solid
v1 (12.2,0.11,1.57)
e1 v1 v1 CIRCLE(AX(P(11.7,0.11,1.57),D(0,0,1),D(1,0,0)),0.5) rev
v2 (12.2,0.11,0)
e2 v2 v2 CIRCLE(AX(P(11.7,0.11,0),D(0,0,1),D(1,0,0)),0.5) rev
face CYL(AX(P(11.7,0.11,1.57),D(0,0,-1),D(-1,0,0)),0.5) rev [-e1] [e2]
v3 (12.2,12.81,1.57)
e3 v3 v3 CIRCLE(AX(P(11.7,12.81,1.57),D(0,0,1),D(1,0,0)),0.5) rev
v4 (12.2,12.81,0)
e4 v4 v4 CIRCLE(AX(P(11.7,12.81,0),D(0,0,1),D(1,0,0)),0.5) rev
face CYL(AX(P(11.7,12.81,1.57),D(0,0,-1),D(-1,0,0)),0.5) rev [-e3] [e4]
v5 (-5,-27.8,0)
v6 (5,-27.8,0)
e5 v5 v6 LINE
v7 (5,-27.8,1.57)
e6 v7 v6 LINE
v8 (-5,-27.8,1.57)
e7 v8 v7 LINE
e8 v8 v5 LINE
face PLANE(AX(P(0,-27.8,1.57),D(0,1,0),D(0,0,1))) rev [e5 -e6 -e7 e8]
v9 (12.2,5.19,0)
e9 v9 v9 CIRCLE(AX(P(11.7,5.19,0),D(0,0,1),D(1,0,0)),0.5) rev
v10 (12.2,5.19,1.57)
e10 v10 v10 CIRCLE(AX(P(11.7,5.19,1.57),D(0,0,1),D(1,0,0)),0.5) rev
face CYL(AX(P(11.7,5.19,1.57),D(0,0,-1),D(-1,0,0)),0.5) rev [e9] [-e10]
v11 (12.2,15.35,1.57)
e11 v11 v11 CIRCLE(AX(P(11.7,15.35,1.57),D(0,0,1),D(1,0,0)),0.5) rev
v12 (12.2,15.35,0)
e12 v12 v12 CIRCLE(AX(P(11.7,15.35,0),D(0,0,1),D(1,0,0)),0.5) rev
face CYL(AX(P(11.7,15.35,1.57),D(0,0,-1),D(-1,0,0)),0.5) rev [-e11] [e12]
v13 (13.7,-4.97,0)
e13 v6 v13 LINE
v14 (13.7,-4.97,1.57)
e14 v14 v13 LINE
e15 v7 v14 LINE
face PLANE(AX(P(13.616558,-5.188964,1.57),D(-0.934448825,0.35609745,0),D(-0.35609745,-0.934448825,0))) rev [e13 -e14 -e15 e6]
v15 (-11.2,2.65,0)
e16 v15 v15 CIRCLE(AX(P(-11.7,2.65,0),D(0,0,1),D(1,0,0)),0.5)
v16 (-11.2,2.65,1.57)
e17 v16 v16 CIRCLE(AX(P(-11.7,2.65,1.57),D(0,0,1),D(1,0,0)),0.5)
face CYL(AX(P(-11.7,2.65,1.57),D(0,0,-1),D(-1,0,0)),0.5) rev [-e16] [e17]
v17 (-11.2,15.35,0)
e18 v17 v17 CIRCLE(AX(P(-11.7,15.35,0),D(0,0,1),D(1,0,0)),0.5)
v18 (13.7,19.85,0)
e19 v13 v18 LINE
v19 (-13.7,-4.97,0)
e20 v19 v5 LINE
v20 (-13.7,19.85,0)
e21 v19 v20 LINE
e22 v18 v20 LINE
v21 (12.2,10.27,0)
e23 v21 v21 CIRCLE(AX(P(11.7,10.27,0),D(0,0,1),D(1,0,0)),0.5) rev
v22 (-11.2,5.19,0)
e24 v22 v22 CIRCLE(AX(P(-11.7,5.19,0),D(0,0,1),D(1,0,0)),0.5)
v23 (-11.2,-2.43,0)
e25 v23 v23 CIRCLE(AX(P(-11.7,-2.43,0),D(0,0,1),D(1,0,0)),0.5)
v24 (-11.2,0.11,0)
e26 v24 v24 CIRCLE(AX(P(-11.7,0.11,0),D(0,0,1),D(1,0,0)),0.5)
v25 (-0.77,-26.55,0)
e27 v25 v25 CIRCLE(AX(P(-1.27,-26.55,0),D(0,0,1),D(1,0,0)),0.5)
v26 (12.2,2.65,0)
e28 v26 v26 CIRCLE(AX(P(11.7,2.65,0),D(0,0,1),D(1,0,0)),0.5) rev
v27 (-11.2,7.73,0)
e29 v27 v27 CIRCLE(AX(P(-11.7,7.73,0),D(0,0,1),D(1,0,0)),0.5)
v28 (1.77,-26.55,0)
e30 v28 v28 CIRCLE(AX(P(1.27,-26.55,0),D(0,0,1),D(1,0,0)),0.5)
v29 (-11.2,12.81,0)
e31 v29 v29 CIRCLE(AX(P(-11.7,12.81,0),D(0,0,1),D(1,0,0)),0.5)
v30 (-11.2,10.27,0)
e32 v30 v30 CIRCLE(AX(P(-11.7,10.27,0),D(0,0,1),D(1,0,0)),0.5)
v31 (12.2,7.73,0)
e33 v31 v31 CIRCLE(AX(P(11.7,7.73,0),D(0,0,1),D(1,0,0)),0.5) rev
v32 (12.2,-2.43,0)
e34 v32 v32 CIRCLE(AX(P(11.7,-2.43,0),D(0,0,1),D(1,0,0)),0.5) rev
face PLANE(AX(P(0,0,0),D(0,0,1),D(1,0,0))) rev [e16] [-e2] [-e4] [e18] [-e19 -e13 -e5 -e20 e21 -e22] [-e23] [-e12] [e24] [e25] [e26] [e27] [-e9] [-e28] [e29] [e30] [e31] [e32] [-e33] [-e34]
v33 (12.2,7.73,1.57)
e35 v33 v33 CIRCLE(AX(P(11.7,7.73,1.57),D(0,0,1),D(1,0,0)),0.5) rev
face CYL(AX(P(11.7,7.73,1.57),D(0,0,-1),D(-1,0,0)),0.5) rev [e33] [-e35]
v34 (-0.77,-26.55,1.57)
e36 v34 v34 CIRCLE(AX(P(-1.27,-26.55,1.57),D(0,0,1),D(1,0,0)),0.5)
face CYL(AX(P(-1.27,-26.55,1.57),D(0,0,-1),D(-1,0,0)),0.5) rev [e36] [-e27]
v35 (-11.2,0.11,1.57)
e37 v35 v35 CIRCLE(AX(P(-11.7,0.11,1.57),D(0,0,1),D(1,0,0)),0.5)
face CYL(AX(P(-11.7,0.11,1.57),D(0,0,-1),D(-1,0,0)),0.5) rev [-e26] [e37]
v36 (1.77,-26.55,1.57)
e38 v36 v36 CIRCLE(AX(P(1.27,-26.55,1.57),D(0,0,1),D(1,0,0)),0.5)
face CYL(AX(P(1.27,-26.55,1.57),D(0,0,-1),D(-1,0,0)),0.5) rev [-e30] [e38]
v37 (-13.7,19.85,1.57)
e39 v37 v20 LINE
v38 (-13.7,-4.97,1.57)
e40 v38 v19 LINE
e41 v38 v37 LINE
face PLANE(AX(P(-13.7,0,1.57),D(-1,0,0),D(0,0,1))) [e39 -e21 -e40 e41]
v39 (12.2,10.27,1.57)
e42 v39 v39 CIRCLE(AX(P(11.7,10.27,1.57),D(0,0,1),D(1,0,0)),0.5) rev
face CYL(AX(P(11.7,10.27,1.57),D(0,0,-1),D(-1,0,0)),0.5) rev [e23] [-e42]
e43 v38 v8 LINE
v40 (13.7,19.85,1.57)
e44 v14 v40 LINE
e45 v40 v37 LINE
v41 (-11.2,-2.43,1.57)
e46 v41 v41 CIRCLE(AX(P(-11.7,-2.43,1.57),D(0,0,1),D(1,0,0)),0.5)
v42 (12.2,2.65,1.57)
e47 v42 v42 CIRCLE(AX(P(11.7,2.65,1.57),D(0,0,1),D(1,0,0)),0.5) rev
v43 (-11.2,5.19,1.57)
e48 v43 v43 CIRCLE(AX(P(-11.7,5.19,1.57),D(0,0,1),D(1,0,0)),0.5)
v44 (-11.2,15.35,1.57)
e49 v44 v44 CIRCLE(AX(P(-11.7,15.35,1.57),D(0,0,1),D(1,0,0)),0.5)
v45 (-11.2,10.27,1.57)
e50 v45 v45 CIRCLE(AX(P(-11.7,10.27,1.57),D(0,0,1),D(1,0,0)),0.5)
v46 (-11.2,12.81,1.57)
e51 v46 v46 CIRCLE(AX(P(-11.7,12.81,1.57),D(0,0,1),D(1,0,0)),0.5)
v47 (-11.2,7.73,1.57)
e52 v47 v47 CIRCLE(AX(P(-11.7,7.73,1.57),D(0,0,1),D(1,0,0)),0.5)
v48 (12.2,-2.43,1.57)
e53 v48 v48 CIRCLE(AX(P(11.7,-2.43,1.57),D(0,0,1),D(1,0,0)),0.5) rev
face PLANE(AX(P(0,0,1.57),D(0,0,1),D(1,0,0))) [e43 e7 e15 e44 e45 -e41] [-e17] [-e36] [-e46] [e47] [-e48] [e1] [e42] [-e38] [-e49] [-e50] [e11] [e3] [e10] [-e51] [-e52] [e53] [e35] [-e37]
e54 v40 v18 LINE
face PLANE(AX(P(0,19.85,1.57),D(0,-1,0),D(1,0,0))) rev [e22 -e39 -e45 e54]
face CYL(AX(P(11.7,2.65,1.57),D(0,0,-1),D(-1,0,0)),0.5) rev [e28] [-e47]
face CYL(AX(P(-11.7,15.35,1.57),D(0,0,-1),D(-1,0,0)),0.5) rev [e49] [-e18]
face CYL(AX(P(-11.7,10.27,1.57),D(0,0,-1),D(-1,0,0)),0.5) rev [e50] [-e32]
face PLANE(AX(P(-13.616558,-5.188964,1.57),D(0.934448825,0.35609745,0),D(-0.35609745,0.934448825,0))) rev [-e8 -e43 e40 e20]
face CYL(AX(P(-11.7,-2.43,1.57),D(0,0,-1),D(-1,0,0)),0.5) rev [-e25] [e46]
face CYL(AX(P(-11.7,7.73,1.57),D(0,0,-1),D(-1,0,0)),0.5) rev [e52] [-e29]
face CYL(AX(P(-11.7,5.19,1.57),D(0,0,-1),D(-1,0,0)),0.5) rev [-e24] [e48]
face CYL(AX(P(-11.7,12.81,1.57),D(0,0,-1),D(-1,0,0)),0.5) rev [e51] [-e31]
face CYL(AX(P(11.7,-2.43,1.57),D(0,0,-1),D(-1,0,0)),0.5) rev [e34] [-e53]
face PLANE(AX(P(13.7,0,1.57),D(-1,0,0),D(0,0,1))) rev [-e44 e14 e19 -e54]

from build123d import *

# Parameters (mm, degrees)
SKETCH1_R           = 0.5
BOSS_EXTRUDE1_DEPTH = 1.57


with BuildPart() as part:
    # Sketch1 → Boss-Extrude1 (new body)
    with BuildSketch(Plane.XY):
        Polygon((13.7, 19.85), (-13.7, 19.85), (-13.7, -4.97), (-5, -27.8), (5, -27.8), (13.7, -4.97), align=None)
        with Locations((11.7, -2.43)):
            Circle(SKETCH1_R, mode=Mode.SUBTRACT)
        with Locations((11.7, 0.11)):
            Circle(SKETCH1_R, mode=Mode.SUBTRACT)
        with Locations((11.7, 2.65)):
            Circle(SKETCH1_R, mode=Mode.SUBTRACT)
        with Locations((11.7, 5.19)):
            Circle(SKETCH1_R, mode=Mode.SUBTRACT)
        with Locations((11.7, 7.73)):
            Circle(SKETCH1_R, mode=Mode.SUBTRACT)
        with Locations((11.7, 10.27)):
            Circle(SKETCH1_R, mode=Mode.SUBTRACT)
        with Locations((11.7, 12.81)):
            Circle(SKETCH1_R, mode=Mode.SUBTRACT)
        with Locations((11.7, 15.35)):
            Circle(SKETCH1_R, mode=Mode.SUBTRACT)
        with Locations((-11.7, 15.35)):
            Circle(SKETCH1_R, mode=Mode.SUBTRACT)
        with Locations((-11.7, -2.43)):
            Circle(SKETCH1_R, mode=Mode.SUBTRACT)
        with Locations((-11.7, 0.11)):
            Circle(SKETCH1_R, mode=Mode.SUBTRACT)
        with Locations((-11.7, 2.65)):
            Circle(SKETCH1_R, mode=Mode.SUBTRACT)
        with Locations((-11.7, 5.19)):
            Circle(SKETCH1_R, mode=Mode.SUBTRACT)
        with Locations((-11.7, 7.73)):
            Circle(SKETCH1_R, mode=Mode.SUBTRACT)
        with Locations((-11.7, 10.27)):
            Circle(SKETCH1_R, mode=Mode.SUBTRACT)
        with Locations((-11.7, 12.81)):
            Circle(SKETCH1_R, mode=Mode.SUBTRACT)
        with Locations((-1.27, -26.55)):
            Circle(SKETCH1_R, mode=Mode.SUBTRACT)
        with Locations((1.27, -26.55)):
            Circle(SKETCH1_R, mode=Mode.SUBTRACT)
    extrude(amount=BOSS_EXTRUDE1_DEPTH)


solid = part.part
